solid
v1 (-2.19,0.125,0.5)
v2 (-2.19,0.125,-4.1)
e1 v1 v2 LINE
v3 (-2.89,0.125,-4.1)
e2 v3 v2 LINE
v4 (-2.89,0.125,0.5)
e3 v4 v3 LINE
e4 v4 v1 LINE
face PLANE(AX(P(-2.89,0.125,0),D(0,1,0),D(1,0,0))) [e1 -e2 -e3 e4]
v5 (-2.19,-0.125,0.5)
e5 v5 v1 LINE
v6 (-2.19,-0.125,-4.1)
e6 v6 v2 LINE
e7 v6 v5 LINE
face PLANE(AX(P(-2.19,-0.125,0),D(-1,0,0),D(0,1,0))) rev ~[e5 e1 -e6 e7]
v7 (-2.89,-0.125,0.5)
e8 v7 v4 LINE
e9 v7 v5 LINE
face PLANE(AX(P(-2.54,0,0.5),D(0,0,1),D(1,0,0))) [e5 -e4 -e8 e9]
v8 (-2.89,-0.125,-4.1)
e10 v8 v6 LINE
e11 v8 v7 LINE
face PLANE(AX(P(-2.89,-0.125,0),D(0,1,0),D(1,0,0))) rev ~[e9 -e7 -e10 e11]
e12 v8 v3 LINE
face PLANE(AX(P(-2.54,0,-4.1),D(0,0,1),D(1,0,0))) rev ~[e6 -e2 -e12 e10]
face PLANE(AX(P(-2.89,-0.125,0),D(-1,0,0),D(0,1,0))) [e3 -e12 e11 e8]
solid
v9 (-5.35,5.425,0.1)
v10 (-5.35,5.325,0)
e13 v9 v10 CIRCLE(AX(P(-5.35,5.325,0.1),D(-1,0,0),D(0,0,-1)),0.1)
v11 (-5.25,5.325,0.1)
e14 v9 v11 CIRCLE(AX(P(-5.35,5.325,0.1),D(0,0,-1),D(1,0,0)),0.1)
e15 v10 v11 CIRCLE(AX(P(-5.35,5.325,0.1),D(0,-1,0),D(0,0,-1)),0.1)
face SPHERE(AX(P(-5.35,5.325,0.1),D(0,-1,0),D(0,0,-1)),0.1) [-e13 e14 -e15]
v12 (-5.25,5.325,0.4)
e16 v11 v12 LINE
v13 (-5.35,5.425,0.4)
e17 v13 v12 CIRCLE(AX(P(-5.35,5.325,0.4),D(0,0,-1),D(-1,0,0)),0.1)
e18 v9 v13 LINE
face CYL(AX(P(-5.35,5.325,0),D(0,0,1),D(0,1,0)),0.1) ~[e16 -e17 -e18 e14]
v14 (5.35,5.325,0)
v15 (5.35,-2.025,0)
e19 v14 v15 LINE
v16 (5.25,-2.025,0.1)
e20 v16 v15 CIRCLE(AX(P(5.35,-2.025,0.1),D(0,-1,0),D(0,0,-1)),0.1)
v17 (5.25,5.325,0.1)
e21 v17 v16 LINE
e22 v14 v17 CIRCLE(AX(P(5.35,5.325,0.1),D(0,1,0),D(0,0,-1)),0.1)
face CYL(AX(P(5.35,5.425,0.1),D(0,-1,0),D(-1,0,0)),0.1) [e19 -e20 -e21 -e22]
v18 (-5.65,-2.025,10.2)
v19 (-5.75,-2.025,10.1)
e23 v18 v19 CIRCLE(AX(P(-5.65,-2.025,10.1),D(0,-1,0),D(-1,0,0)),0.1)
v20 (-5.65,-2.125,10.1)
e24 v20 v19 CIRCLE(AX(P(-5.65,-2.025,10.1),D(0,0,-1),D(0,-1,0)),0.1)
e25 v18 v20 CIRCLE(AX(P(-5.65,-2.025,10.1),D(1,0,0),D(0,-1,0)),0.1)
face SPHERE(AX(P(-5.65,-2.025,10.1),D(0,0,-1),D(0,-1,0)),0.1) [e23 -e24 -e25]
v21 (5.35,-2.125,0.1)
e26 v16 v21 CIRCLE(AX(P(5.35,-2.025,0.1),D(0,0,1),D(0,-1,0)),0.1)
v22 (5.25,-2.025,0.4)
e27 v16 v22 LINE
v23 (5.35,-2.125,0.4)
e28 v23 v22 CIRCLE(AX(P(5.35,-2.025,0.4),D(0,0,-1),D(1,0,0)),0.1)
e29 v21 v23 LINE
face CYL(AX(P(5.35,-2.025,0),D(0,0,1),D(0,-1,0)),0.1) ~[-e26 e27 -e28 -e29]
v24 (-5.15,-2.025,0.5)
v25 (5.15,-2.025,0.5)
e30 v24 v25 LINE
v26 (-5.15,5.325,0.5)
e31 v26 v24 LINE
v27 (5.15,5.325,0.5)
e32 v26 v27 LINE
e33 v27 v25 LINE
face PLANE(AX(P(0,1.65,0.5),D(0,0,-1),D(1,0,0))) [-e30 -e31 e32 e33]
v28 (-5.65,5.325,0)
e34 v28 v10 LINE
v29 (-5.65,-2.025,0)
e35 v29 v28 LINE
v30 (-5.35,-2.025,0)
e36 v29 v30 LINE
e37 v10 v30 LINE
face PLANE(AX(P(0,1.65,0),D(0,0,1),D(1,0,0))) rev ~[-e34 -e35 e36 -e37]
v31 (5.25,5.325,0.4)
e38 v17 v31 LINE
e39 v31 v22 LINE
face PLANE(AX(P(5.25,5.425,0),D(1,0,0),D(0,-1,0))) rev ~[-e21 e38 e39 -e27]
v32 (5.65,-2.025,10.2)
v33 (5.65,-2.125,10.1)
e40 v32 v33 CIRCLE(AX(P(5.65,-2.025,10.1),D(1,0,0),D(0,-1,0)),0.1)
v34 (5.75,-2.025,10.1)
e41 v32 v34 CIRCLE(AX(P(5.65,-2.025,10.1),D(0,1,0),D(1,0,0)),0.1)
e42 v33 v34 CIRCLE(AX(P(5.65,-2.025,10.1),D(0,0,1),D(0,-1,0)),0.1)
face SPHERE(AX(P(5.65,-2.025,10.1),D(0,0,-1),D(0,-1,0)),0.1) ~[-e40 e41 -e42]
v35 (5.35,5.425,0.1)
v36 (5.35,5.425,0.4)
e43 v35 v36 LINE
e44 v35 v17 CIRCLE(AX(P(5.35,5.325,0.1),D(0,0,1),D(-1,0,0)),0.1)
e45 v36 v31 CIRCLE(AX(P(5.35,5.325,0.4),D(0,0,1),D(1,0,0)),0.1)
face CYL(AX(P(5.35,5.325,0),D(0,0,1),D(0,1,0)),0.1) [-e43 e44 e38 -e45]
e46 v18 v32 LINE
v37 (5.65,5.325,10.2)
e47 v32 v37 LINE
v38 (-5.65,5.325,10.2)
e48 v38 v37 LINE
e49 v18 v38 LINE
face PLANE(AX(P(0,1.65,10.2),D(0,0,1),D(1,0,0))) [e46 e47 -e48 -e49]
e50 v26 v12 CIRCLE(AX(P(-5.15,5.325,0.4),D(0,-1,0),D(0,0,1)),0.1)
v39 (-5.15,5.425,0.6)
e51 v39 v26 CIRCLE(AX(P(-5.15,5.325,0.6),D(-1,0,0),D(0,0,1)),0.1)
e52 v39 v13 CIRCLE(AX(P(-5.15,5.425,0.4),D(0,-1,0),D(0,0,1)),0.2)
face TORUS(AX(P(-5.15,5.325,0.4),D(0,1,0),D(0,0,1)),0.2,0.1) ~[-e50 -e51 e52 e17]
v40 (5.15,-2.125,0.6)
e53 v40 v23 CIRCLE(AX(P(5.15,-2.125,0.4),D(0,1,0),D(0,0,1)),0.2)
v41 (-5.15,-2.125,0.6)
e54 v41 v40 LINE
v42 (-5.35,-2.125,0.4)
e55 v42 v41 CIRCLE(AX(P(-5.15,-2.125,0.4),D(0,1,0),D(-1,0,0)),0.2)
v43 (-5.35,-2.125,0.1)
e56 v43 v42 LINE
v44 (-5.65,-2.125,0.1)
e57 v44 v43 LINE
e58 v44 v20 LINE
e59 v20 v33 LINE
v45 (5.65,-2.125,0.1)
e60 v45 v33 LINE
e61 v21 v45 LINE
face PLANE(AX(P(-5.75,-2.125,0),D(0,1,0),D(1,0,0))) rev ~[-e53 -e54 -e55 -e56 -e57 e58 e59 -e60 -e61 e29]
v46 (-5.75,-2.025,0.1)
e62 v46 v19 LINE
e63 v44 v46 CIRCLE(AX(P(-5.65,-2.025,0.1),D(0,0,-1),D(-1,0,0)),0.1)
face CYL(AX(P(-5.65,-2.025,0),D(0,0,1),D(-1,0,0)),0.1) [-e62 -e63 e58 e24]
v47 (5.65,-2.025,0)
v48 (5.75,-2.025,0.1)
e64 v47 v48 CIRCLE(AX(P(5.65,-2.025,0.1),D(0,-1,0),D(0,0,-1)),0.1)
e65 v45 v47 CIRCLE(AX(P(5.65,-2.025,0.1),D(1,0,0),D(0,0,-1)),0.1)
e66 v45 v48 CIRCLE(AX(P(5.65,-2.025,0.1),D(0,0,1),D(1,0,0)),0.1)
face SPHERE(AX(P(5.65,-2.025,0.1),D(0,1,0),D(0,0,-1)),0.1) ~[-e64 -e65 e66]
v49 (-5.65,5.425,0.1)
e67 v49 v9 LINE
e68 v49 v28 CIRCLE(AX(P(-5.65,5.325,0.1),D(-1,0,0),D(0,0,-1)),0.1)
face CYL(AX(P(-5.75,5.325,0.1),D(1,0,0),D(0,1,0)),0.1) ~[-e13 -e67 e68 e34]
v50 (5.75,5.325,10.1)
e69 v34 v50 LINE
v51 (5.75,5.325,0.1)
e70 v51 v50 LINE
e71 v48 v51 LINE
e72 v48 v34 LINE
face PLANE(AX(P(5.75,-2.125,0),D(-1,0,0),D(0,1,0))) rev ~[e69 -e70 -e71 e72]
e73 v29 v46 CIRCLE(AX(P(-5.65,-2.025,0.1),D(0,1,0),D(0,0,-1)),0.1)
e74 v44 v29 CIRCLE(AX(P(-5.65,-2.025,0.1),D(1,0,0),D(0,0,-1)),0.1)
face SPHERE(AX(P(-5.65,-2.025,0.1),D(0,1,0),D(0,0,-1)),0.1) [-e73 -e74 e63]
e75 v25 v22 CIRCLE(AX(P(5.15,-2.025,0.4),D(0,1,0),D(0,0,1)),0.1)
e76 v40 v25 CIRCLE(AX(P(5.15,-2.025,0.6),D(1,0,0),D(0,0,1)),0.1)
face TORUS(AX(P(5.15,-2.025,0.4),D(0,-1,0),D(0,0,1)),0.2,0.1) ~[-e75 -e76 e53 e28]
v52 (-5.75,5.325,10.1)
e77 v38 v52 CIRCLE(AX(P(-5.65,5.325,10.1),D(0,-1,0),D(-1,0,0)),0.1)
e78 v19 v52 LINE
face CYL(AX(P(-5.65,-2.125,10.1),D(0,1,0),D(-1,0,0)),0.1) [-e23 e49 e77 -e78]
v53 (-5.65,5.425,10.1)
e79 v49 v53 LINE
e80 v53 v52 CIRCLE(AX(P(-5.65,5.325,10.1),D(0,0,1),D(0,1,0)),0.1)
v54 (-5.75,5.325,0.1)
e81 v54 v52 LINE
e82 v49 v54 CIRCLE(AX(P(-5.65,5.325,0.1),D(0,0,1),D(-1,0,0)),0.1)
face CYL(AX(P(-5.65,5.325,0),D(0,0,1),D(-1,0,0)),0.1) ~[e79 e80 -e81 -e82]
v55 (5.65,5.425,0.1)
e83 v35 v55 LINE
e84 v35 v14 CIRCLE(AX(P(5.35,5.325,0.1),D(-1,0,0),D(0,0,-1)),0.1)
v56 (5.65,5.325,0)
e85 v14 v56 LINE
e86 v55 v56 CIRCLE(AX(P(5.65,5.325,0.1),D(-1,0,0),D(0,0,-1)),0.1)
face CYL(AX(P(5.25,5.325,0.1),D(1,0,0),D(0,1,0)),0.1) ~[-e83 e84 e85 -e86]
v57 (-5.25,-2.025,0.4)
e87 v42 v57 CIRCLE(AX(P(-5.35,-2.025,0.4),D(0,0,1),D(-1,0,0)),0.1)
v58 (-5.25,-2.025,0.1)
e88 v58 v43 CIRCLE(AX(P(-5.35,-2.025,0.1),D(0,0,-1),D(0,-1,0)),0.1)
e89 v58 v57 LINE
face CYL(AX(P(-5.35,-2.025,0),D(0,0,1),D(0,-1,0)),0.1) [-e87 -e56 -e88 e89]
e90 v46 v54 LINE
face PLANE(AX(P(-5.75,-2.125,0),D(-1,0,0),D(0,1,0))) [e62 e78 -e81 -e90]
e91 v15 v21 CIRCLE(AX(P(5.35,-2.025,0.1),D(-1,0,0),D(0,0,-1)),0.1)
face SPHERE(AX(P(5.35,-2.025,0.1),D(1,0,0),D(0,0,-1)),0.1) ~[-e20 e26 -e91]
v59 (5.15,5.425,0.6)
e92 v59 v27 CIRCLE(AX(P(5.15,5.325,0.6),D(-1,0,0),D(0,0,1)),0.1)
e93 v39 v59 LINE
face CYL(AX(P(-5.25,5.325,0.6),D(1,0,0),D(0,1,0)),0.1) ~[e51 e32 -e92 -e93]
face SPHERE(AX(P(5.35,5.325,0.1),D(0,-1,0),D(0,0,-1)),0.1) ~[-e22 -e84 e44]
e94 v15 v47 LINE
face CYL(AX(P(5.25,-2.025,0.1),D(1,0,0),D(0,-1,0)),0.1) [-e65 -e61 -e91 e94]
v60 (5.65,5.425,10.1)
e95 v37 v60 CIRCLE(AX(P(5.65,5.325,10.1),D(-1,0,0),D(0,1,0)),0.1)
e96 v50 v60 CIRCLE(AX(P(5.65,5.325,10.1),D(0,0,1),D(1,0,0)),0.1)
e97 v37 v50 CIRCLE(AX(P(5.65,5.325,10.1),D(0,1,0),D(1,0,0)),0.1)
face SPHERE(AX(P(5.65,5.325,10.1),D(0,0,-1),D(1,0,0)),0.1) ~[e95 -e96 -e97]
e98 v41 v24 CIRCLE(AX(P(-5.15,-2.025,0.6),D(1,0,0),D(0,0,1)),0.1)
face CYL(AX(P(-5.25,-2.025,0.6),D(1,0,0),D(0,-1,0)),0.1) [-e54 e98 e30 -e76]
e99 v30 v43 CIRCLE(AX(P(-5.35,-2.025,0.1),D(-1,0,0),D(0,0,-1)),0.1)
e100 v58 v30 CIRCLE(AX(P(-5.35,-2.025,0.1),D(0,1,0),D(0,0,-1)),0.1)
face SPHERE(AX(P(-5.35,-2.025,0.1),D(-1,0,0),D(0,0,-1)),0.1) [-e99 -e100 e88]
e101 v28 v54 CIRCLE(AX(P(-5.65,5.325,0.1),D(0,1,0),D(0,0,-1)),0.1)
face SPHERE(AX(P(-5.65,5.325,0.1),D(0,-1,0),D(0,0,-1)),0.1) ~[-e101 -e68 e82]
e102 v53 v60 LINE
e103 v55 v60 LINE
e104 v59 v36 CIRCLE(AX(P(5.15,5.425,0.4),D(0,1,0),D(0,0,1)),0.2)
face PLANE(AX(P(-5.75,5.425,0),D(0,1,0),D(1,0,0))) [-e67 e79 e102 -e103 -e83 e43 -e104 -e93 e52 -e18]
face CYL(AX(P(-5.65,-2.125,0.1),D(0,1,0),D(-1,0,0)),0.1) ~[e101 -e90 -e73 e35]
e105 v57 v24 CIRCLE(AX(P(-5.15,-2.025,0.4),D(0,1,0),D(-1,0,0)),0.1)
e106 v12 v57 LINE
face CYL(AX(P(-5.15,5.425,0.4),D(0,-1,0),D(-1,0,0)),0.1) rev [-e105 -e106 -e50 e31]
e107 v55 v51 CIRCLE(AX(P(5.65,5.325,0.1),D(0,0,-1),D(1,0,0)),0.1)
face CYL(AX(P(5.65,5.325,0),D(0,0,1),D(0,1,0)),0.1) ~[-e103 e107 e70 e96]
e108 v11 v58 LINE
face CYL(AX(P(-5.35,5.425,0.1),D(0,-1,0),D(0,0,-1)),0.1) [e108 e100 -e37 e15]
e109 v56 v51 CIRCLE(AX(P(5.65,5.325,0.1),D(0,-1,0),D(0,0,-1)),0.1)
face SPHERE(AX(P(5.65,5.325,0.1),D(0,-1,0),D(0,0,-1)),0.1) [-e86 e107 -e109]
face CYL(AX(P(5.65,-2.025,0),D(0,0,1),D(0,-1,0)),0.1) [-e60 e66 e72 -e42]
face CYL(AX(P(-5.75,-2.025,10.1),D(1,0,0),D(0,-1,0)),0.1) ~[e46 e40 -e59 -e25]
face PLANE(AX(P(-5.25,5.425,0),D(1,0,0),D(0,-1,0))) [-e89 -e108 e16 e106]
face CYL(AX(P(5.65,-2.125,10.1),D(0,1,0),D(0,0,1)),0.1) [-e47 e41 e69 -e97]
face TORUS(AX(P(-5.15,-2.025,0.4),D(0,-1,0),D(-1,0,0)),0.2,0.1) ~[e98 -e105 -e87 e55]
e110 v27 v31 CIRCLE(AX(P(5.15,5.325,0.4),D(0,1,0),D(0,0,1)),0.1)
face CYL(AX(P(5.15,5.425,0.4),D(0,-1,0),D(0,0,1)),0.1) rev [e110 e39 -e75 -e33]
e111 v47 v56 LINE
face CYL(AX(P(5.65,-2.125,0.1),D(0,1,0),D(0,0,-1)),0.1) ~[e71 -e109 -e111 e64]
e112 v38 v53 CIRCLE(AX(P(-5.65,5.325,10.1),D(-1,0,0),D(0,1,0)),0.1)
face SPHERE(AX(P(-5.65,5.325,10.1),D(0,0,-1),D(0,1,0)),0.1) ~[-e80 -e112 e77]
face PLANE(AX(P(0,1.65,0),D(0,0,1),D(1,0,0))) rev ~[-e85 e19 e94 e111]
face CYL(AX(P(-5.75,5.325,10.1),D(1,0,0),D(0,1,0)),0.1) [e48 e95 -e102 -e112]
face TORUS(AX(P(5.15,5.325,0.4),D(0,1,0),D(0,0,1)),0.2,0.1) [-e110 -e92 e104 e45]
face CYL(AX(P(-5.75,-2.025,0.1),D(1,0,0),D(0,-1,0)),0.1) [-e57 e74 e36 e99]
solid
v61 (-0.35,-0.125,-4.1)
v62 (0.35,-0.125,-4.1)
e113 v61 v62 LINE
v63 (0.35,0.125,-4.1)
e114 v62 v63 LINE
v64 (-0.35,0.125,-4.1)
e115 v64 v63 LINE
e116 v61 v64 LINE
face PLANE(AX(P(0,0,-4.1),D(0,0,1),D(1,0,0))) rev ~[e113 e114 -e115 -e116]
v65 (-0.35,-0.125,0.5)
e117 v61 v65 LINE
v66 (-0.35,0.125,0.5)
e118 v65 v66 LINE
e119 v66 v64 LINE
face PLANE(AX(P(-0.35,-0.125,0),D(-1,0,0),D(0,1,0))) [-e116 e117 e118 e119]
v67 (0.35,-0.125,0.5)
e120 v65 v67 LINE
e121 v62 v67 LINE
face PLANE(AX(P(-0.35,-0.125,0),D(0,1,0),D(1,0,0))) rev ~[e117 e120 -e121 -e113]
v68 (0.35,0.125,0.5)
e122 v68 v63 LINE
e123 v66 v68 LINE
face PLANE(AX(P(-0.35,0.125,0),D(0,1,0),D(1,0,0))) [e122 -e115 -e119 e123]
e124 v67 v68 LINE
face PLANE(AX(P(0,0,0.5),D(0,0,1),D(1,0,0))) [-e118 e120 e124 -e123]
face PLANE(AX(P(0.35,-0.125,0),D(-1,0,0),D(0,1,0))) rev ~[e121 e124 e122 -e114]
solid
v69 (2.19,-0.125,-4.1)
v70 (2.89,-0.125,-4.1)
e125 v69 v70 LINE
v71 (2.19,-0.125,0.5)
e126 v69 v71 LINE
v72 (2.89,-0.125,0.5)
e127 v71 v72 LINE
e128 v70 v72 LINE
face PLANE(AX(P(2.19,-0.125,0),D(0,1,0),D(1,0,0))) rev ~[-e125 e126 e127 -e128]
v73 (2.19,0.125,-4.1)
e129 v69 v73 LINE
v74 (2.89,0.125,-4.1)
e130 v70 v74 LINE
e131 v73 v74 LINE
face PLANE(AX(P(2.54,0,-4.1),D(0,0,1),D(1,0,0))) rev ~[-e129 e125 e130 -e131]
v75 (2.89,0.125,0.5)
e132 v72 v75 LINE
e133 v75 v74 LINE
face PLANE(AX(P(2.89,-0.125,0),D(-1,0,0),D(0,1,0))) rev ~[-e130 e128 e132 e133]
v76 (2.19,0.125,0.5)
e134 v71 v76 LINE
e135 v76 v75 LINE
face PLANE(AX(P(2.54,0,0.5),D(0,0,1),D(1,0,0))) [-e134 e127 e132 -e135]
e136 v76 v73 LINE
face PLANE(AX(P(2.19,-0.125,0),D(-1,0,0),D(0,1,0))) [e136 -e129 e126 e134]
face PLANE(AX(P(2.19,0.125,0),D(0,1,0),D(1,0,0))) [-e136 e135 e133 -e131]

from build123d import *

# Parameters (mm, degrees)
F0_W          = 11.5
F0_H          = 7.55
F1_DEPTH      = 10.2
F2_W          = 10.5
F2_H          = 7.55
F3_DEPTH      = 0.5
F4_R          = 0.1
F5_W          = 0.7
F5_H          = 0.25
F6_DEPTH      = 4.1
F6_DEPTH_BACK = 0.5


with BuildPart() as f1:
    # F0 (on Top) → F1 (new body)
    with BuildSketch(Plane.XY):
        with Locations((0, 1.65)):
            Rectangle(F0_W, F0_H)
    extrude(amount=F1_DEPTH)

    # F2 (on face) → F3 (cut)
    with BuildSketch(Plane(origin=(0, 0, 0), x_dir=(1, 0, 0), z_dir=(0, 0, -1))):
        with Locations((0, -1.65)):
            Rectangle(F2_W, F2_H)
    extrude(amount=-F3_DEPTH, mode=Mode.SUBTRACT)

    # F4
    f4_edges = [f1.edges().sort_by_distance(p)[0] for p in [
        (-5.75, 1.65, 0),
        (-5.5, -2.125, 0),
        (-5.25, 1.65, 0),
        (-5.5, 5.425, 0),
        (-5.25, 5.425, 0.25),
        (-5.25, 1.65, 0.5),
        (-5.25, -2.125, 0.25),
        (0, -2.125, 0.5),
        (0, 5.425, 0.5),
        (5.75, 1.65, 0),
        (5.5, -2.125, 0),
        (5.25, 1.65, 0),
        (5.5, 5.425, 0),
        (5.75, 5.425, 5.1),
        (5.25, 5.425, 0.25),
        (5.75, -2.125, 5.1),
        (5.25, -2.125, 0.25),
        (5.25, 1.65, 0.5),
        (-5.75, -2.125, 5.1),
        (-5.75, 5.425, 5.1),
        (0, -2.125, 10.2),
        (5.75, 1.65, 10.2),
        (0, 5.425, 10.2),
        (-5.75, 1.65, 10.2),
    ]]
    fillet(f4_edges, radius=F4_R)


with BuildPart() as f6:
    # F5 (on Top) → F6 (new body, two sides)
    with BuildSketch(Plane.XY) as f6_sk:
        with Locations((2.54, 0)):
            Rectangle(F5_W, F5_H)
    extrude(amount=-F6_DEPTH)
    extrude(f6_sk.sketch, amount=F6_DEPTH_BACK)


with BuildPart() as f6b:
    # F5 (on Top) → F6, piece 2 (new body, two sides)
    with BuildSketch(Plane.XY) as f6_2_sk:
        Rectangle(F5_W, F5_H)
    extrude(amount=-F6_DEPTH)
    extrude(f6_2_sk.sketch, amount=F6_DEPTH_BACK)


with BuildPart() as f6c:
    # F5 (on Top) → F6, piece 3 (new body, two sides)
    with BuildSketch(Plane.XY) as f6_3_sk:
        with Locations((-2.54, 0)):
            Rectangle(F5_W, F5_H)
    extrude(amount=-F6_DEPTH)
    extrude(f6_3_sk.sketch, amount=F6_DEPTH_BACK)


solid = Compound([f1.part, f6.part, f6b.part, f6c.part])
